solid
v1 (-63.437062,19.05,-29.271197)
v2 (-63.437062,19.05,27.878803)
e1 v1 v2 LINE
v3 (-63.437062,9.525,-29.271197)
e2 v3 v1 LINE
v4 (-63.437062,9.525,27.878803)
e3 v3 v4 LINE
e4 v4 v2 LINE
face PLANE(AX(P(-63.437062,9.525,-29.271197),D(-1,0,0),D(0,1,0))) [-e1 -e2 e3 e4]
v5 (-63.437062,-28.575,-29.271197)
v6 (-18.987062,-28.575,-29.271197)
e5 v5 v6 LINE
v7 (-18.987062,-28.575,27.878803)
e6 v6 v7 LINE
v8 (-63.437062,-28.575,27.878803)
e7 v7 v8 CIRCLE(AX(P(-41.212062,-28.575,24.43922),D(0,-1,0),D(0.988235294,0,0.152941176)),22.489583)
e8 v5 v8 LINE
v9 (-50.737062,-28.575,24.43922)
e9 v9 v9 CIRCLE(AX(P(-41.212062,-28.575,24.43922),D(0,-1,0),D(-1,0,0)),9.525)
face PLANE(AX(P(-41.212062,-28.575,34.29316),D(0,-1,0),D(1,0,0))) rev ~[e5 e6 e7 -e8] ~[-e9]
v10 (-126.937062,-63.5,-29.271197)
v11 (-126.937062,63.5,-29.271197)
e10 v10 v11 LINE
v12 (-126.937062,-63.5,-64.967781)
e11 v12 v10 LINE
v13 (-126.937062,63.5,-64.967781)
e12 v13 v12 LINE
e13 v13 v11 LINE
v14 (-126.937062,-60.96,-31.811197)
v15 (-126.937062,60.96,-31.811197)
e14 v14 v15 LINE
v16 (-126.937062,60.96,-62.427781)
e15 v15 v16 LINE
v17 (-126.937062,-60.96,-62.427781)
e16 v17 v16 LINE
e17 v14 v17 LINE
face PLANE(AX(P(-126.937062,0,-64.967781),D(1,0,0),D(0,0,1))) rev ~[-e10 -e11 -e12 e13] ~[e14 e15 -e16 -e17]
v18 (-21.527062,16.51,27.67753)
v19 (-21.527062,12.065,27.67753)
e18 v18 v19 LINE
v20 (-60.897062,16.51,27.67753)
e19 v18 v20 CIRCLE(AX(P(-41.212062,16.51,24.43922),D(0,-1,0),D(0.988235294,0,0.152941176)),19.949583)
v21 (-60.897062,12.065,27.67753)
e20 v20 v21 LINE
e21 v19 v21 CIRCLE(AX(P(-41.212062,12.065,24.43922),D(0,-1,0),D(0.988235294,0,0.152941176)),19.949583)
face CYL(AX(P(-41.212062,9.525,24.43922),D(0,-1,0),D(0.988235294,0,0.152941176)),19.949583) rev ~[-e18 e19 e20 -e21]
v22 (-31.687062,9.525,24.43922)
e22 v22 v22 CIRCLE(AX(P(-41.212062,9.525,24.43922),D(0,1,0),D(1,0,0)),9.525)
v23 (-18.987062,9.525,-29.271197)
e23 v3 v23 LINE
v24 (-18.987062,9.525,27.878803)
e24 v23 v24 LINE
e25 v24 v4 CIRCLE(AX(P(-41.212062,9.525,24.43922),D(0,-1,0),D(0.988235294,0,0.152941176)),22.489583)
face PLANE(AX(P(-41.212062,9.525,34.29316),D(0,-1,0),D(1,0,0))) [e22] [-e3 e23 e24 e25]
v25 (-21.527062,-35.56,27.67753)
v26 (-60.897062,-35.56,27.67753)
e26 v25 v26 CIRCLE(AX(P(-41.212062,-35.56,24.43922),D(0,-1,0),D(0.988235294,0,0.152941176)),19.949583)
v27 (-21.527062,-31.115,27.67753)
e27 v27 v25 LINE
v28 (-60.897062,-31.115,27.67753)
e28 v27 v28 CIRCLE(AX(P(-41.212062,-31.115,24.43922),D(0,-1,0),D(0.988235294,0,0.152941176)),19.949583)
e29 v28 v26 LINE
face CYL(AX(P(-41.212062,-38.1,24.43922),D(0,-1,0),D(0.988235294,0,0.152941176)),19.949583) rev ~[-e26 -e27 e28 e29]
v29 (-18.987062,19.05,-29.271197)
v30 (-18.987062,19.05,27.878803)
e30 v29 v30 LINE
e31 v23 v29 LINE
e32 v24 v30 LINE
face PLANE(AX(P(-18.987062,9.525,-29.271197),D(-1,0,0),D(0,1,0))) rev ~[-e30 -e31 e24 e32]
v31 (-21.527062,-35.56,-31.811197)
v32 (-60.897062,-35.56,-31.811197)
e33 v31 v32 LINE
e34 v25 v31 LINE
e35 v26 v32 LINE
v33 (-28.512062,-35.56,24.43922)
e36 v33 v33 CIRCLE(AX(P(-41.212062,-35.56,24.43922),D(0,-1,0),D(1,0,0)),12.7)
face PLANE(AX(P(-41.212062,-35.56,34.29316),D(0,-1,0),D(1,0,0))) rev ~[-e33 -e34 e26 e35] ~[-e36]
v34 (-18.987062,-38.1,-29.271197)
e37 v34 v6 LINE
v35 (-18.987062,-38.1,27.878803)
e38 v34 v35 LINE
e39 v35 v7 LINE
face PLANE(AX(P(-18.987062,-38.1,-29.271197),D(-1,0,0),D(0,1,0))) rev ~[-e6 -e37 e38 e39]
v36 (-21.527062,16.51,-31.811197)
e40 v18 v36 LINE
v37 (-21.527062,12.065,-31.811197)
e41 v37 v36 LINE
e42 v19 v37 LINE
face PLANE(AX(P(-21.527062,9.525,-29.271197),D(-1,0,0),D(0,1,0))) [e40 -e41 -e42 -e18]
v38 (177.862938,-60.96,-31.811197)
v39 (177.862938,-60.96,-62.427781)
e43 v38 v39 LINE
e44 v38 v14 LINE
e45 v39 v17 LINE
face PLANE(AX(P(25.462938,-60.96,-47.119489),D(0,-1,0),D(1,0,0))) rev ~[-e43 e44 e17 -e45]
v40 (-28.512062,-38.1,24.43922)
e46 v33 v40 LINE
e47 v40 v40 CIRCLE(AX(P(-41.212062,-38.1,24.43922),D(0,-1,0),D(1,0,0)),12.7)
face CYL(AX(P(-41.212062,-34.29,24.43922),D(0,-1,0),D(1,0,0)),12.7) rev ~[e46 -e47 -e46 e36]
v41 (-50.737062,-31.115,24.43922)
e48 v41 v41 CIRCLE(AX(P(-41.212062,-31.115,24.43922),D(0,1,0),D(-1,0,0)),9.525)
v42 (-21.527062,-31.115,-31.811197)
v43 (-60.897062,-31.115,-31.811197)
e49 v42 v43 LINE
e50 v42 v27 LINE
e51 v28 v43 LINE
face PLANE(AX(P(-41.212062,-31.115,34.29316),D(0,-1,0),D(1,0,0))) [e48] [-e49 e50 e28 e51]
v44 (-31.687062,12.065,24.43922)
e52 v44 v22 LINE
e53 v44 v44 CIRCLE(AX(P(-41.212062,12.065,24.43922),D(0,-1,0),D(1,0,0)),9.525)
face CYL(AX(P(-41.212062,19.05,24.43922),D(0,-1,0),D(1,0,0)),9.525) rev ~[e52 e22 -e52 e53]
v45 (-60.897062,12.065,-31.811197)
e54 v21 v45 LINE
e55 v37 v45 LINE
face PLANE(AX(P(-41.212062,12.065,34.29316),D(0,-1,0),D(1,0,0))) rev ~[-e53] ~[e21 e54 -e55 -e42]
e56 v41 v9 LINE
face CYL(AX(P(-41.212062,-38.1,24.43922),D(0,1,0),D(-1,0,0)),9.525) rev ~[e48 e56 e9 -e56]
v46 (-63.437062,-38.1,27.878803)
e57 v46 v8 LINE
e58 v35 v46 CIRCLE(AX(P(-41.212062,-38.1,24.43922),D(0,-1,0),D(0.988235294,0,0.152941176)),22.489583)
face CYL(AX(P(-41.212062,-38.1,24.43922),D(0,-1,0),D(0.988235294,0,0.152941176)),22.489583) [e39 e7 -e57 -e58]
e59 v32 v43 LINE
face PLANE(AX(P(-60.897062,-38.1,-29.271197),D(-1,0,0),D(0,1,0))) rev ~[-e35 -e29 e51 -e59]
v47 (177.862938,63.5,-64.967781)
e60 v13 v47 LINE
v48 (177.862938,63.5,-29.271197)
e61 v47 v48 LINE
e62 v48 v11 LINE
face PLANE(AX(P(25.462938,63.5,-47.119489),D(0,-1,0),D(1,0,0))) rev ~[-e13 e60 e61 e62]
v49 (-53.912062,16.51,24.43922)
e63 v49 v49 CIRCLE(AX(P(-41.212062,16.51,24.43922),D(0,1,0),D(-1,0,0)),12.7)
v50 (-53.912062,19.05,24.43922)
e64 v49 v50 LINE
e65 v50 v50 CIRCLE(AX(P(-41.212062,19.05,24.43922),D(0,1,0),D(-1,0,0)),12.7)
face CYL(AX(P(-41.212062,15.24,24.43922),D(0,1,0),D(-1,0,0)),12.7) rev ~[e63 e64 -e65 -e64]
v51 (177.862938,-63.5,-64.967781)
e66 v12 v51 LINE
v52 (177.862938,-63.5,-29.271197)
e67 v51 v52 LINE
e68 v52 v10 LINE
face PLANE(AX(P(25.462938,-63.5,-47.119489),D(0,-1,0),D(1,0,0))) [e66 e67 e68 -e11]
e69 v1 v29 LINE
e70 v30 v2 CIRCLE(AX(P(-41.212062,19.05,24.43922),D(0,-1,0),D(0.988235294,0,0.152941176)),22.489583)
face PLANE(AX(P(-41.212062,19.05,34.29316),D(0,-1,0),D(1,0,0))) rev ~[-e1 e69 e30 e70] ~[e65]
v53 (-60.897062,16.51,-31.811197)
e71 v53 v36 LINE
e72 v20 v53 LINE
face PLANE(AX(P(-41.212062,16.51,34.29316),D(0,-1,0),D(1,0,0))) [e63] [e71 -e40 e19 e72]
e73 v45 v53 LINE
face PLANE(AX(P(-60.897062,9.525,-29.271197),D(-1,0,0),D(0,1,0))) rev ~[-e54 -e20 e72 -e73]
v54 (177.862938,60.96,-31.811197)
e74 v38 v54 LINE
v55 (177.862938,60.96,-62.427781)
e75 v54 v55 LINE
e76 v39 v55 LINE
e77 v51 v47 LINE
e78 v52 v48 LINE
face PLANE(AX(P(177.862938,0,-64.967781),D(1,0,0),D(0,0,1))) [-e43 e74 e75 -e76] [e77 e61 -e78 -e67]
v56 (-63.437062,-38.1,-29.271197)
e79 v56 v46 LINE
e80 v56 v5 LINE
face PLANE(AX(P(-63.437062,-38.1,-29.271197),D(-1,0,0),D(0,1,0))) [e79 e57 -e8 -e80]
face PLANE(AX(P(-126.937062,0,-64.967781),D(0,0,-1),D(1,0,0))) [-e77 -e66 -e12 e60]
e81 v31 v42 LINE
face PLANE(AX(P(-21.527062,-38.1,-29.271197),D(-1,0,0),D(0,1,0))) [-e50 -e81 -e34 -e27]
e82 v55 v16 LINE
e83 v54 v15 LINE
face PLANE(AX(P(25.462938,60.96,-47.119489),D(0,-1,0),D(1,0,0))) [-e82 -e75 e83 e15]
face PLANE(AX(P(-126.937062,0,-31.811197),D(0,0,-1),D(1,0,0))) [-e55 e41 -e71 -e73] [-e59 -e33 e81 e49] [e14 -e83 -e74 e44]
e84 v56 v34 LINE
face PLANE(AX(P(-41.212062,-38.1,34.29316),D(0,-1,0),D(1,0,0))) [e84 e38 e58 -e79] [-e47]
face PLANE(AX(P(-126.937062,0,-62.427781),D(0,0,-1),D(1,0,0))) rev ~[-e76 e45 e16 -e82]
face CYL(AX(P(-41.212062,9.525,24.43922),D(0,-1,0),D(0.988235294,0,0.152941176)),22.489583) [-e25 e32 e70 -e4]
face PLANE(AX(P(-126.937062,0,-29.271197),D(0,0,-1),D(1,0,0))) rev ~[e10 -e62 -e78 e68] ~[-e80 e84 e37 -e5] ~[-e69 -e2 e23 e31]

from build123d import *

# Parameters (mm, degrees)
F0_W            = 304.8
F0_H            = 35.6965847313
F1_DEPTH        = 63.5
F2_W            = 25.4
F2_H            = 44.45
F3_DEPTH        = 152.4
F4_W            = 44.45
F4_H            = 9.525
F5_DEPTH        = 57.15
F6_DEPTH        = 57.15
F9_DEPTH        = 9.525
F10_DEPTH       = 9.525
F11_W           = 304.8
F11_H           = 114.3
F12_DEPTH       = 31.75
F13_T           = -2.54
F16_D           = 19.05
F16_DEPTH       = 9.525
F16_CBORE_D     = 25.4
F16_CBORE_DEPTH = 3.81
F16_TIP         = 5.7231973962
F17_D           = 19.05
F17_DEPTH       = 9.525
F17_CBORE_D     = 25.4
F17_CBORE_DEPTH = 3.81
F17_TIP         = 5.7231973962


with BuildPart() as f1:
    # F0 (on Front) → F1 (new body, symmetric)
    with BuildSketch(Plane.XZ):
        with Locations((25.4629384518, -47.1194889396)):
            Rectangle(F0_W, F0_H)
    extrude(amount=F1_DEPTH, both=True)

    # F2 (on face) → F3 (cut)
    with BuildSketch(Plane.XZ.offset(63.5)):
        with BuildLine():
            ThreePointArc((-37.1512658894, 15.178803426), (-49.8512658894, 27.878803426), (-62.5512658894, 15.178803426))
            Line((-62.5512658894, 15.178803426), (-37.1512658894, 15.178803426))
        make_face()
        with Locations((-49.8512658894, -7.046196574)):
            Rectangle(F2_W, F2_H)
    extrude(amount=-F3_DEPTH, mode=Mode.SUBTRACT)

    # F4 (on face) → F5 (join)
    with BuildSketch(Plane.XY.offset(-29.271196574)):
        with Locations((-41.2120615482, 14.2875)):
            Rectangle(F4_W, F4_H)
    extrude(amount=F5_DEPTH)

    # F4 (on face) → F6 (join)
    with BuildSketch(Plane.XY.offset(-29.271196574)):
        with Locations((-41.2120615482, 14.2875)):
            Rectangle(F4_W, F4_H)
        with Locations((-41.2120615482, -33.3375)):
            Rectangle(F4_W, F4_H)
    extrude(amount=F6_DEPTH)

    # F7 (on face) → F9 (join)
    with BuildSketch(Plane.XZ.offset(38.1)):
        with BuildLine():
            Line((-63.4370615482, 27.878803426), (-18.9870615482, 27.878803426))
            ThreePointArc((-18.9870615482, 27.878803426), (-41.2120615482, 46.928803426), (-63.4370615482, 27.878803426))
        make_face()
    extrude(amount=-F9_DEPTH)

    # F8 (on face) → F10 (join)
    with BuildSketch(Plane.XZ.offset(-9.525)):
        with BuildLine():
            Line((-63.4370615482, 27.878803426), (-18.9870615482, 27.878803426))
            ThreePointArc((-18.9870615482, 27.878803426), (-41.2120615482, 46.928803426), (-63.4370615482, 27.878803426))
        make_face()
    extrude(amount=-F10_DEPTH)

    # F11 (on face) → F12 (join)
    with BuildSketch(Plane(origin=(0, 0, -64.9677813053), x_dir=(1, 0, 0), z_dir=(0, 0, -1))):
        with Locations((25.4629384518, 0.6365377843)):
            Rectangle(F11_W, F11_H)
    extrude(amount=-F12_DEPTH)

    # F13
    f13_openings = [f1.faces().sort_by_distance(p)[0] for p in [
        (-126.937062, 0, -47.119489),
        (177.862938, 0, -47.119489),
    ]]
    offset(amount=F13_T, openings=f13_openings, kind=Kind.INTERSECTION)

    # F16
    with Locations(Plane.XZ.offset(38.1)):
        with Locations((-41.2120615482, 24.4392200927)):
            CounterBoreHole(F16_D / 2, F16_CBORE_D / 2, F16_CBORE_DEPTH, depth=F16_DEPTH)
            with Locations((0, 0, -(F16_DEPTH + F16_TIP / 2))):  # 118° drill point
                Cone(0, F16_D / 2, F16_TIP, mode=Mode.SUBTRACT)

    # F17
    with Locations(Plane(origin=(0, 19.05, 0), x_dir=(-1, 0, 0), z_dir=(0, 1, 0))):
        with Locations((41.2120615482, 24.4392200927)):
            CounterBoreHole(F17_D / 2, F17_CBORE_D / 2, F17_CBORE_DEPTH, depth=F17_DEPTH)
            with Locations((0, 0, -(F17_DEPTH + F17_TIP / 2))):  # 118° drill point
                Cone(0, F17_D / 2, F17_TIP, mode=Mode.SUBTRACT)


solid = f1.part
